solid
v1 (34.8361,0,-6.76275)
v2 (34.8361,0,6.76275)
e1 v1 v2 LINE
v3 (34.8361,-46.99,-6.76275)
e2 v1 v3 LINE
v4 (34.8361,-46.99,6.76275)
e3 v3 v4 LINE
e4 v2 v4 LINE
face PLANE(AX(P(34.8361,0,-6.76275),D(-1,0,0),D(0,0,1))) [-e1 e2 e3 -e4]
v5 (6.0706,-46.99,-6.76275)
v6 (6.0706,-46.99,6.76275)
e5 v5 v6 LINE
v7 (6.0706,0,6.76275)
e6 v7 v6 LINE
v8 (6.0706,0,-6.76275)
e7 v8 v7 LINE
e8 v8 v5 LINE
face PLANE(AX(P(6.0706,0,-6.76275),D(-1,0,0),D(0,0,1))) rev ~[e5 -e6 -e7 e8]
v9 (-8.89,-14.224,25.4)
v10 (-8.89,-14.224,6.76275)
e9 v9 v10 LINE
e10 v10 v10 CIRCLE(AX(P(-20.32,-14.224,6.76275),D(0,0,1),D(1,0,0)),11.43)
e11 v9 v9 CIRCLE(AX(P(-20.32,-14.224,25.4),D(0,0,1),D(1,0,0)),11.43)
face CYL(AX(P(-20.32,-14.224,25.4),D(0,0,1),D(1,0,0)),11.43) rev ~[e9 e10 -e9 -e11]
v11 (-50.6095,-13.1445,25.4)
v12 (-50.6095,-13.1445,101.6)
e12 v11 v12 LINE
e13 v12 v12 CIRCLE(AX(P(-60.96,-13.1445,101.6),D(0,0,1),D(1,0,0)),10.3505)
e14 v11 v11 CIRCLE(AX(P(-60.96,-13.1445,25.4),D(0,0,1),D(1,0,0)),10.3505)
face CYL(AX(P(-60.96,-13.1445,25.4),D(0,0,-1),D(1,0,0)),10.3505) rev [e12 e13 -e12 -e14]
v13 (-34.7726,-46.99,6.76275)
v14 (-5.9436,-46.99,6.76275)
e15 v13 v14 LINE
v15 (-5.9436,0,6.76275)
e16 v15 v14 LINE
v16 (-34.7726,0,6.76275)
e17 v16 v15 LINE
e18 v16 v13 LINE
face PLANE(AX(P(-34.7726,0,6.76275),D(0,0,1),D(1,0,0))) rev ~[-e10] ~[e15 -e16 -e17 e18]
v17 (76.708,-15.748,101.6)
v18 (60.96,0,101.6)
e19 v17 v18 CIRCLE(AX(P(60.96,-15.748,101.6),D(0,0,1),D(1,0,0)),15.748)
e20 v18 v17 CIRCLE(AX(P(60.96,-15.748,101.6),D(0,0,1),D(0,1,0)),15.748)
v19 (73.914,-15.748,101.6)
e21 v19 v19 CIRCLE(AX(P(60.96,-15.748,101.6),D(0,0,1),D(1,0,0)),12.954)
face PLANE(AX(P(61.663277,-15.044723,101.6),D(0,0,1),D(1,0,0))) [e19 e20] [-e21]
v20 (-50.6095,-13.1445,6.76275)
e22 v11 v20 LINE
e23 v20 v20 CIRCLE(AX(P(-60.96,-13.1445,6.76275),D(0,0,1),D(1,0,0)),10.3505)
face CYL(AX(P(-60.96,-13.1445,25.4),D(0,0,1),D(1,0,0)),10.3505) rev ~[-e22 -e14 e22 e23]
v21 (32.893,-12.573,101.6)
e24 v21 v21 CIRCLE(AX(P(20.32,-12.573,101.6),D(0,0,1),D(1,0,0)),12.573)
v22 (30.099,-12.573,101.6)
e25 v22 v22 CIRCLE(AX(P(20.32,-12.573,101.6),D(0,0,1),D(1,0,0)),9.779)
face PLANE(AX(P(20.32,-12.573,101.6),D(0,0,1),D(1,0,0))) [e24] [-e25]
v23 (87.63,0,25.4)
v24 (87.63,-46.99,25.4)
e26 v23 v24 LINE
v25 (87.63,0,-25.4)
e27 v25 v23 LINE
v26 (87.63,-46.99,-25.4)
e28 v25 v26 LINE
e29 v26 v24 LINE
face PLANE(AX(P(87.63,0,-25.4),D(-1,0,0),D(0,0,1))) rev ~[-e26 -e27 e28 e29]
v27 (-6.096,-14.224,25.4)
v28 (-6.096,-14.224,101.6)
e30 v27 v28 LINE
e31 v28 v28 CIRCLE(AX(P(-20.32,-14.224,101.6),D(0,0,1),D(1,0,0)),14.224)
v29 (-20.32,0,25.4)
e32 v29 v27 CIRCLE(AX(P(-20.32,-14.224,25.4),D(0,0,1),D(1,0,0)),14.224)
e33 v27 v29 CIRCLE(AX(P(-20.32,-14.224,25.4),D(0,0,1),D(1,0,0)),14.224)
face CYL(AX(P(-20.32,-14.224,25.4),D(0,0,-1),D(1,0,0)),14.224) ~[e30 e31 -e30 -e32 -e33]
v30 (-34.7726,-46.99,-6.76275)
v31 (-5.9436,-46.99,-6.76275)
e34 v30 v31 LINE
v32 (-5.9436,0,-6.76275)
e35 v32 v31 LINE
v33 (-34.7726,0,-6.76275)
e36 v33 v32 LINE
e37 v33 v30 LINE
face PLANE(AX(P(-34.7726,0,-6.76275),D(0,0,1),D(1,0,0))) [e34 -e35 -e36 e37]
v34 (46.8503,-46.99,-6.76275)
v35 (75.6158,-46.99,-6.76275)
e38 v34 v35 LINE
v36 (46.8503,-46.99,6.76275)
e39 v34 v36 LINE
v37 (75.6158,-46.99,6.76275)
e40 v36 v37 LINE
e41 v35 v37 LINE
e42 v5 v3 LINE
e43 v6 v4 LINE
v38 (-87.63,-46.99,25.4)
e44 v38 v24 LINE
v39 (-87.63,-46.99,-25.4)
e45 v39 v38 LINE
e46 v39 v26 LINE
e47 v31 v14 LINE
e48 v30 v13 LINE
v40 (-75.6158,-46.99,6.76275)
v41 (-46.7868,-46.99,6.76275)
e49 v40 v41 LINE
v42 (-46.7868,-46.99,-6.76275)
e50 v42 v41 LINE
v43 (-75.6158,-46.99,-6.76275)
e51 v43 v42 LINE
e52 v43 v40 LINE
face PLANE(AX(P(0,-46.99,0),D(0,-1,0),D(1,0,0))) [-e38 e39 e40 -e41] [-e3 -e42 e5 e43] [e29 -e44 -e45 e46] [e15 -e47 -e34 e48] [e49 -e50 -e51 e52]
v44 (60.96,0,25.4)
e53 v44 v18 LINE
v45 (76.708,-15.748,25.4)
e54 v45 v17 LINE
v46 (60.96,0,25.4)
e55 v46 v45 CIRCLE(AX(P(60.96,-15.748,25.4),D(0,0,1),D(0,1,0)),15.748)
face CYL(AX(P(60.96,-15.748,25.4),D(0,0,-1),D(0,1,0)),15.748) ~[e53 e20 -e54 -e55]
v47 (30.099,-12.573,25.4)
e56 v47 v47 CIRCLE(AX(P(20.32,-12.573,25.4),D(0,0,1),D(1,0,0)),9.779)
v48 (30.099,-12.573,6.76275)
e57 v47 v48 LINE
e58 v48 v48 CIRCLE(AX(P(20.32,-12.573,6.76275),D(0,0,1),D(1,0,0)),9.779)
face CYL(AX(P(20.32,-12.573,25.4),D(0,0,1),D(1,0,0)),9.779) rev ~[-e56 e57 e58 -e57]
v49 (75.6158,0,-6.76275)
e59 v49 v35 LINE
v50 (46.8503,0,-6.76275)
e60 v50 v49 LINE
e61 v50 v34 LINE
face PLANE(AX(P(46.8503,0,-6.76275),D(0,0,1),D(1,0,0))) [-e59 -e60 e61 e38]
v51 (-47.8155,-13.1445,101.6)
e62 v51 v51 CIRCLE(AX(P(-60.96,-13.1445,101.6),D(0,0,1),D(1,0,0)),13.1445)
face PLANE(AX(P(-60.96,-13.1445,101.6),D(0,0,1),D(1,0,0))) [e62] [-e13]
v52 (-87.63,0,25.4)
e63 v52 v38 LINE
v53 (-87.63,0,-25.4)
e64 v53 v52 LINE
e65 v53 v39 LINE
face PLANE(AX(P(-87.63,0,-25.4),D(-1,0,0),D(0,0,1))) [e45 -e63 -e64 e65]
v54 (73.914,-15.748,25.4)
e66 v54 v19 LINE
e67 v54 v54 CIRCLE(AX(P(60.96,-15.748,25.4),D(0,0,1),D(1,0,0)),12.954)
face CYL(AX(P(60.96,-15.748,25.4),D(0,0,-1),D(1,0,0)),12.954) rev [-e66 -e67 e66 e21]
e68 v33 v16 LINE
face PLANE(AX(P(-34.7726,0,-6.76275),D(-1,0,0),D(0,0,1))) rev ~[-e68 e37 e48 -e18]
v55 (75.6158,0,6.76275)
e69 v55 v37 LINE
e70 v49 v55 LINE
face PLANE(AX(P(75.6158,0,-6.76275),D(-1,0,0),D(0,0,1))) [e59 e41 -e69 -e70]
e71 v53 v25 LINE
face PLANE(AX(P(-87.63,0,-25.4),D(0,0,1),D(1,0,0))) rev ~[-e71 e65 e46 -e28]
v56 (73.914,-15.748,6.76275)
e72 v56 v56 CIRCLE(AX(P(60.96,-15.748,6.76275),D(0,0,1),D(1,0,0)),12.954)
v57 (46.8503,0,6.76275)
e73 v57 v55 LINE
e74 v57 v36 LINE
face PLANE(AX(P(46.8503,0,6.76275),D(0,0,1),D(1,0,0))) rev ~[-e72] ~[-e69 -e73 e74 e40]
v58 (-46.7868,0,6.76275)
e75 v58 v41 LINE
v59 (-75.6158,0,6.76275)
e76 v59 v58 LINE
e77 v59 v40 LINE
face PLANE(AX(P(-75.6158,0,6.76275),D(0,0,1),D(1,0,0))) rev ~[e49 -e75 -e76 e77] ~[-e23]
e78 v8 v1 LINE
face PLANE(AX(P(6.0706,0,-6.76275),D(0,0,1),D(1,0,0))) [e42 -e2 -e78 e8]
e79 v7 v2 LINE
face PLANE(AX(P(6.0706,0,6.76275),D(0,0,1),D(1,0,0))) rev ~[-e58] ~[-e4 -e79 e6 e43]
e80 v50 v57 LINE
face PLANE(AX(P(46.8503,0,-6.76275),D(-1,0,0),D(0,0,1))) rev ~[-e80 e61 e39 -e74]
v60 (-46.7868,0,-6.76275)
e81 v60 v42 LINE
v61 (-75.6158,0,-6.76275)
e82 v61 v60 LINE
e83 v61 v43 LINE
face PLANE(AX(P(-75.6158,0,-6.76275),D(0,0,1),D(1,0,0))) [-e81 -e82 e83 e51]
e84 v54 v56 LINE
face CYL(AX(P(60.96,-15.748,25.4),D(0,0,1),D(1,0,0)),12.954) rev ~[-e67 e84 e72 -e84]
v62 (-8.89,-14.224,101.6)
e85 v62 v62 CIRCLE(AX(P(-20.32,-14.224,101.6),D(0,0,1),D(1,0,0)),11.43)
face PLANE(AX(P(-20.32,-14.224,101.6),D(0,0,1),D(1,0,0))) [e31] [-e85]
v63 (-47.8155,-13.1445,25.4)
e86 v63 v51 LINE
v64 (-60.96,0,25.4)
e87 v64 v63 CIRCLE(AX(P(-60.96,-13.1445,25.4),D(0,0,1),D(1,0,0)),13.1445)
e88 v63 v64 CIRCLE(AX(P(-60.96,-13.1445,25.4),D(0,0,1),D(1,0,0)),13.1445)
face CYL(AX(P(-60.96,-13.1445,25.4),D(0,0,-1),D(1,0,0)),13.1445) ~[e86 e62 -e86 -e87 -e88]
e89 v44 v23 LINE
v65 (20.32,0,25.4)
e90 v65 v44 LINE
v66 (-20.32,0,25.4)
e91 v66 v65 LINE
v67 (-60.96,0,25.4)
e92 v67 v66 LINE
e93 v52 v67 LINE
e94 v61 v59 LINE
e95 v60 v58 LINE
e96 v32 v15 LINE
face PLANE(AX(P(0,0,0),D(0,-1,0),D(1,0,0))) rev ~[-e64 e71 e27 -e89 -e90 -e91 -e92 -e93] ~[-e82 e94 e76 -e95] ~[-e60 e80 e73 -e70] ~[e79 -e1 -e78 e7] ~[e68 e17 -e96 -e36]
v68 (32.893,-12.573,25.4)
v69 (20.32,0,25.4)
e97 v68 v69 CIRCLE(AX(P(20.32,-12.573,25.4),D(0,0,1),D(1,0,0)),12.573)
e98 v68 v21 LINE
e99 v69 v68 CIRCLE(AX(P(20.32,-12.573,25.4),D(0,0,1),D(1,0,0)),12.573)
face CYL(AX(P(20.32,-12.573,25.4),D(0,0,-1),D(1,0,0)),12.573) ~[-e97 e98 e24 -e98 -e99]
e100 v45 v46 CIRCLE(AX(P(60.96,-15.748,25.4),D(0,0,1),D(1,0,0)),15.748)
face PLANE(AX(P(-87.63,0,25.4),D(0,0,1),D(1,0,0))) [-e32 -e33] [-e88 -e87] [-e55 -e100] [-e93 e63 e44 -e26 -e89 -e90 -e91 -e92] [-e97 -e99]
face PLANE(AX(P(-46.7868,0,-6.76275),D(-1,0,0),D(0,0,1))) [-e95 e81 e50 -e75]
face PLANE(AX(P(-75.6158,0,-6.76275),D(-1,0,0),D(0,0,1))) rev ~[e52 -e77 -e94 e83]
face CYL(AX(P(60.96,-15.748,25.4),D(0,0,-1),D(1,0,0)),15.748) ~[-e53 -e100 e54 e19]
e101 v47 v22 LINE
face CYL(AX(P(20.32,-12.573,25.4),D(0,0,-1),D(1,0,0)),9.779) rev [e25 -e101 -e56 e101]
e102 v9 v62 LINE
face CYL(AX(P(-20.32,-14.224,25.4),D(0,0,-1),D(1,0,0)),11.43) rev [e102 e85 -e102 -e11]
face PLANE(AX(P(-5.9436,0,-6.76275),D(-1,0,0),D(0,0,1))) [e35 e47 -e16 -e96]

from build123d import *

# Parameters (mm, degrees)
F0_W      = 175.26
F0_H      = 50.8
F0_W_2    = 28.829
F0_H_2    = 13.5255
F0_W_3    = 28.7655
F1_DEPTH  = 46.99
F2_R      = 12.954
F3_DEPTH  = 76.2
F4_DEPTH  = 25.4
F5_R      = 12.573
F5_R_2    = 9.779
F6_DEPTH  = 76.2
F7_DEPTH  = 25.4
F8_R      = 11.43
F9_DEPTH  = 76.2
F10_DEPTH = 25.4
F11_R     = 13.1445
F11_R_2   = 10.3505
F12_DEPTH = 76.2
F13_DEPTH = 25.4


with BuildPart() as f1:
    # F0 (on Front) → F1 (new body)
    with BuildSketch(Plane.XZ):
        Rectangle(F0_W, F0_H)
        with Locations((-61.2013, 0)):
            Rectangle(F0_W_2, F0_H_2, mode=Mode.SUBTRACT)
        with Locations((-20.3581, 0)):
            Rectangle(F0_W_2, F0_H_2, mode=Mode.SUBTRACT)
        with Locations((20.45335, 0)):
            Rectangle(F0_W_3, F0_H_2, mode=Mode.SUBTRACT)
        with Locations((61.23305, 0)):
            Rectangle(F0_W_3, F0_H_2, mode=Mode.SUBTRACT)
    extrude(amount=F1_DEPTH)

    # F2 (on face) → F3 (join)
    with BuildSketch(Plane.XY.offset(25.4)):
        with BuildLine():
            ThreePointArc((60.96, 0), (49.8244824099, -26.8835175901), (76.708, -15.748))
            ThreePointArc((76.708, -15.748), (72.0955175901, -4.6124824099), (60.96, 0))
        make_face()
        with Locations((60.96, -15.748)):
            Circle(F2_R, mode=Mode.SUBTRACT)
    extrude(amount=F3_DEPTH)

    # F4 (cut): a face of the model
    f4_faces = [f1.faces().sort_by_distance(p)[0] for p in [
        (60.96, -15.748, 25.4),
    ]]
    extrude(f4_faces, amount=-F4_DEPTH, mode=Mode.SUBTRACT)

    # F5 (on face) → F6 (join)
    with BuildSketch(Plane.XY.offset(25.4)):
        with Locations((20.32, -12.573)):
            Circle(F5_R)
        with Locations((20.32, -12.573)):
            Circle(F5_R_2, mode=Mode.SUBTRACT)
    extrude(amount=F6_DEPTH)

    # F7 (cut): a face of the model
    f7_faces = [f1.faces().sort_by_distance(p)[0] for p in [
        (20.32, -12.573, 25.4),
    ]]
    extrude(f7_faces, amount=-F7_DEPTH, mode=Mode.SUBTRACT)

    # F8 (on face) → F9 (join)
    with BuildSketch(Plane.XY.offset(25.4)):
        with BuildLine():
            ThreePointArc((-20.319999941, 0), (-30.3778868765, -24.2818868347), (-6.096, -14.224))
            ThreePointArc((-6.096, -14.224), (-10.2621131235, -4.1661131653), (-20.319999941, 0))
        make_face()
        with Locations((-20.32, -14.224)):
            Circle(F8_R, mode=Mode.SUBTRACT)
    extrude(amount=F9_DEPTH)

    # F10 (cut): a face of the model
    f10_faces = [f1.faces().sort_by_distance(p)[0] for p in [
        (-20.32, -14.224, 25.4),
    ]]
    extrude(f10_faces, amount=-F10_DEPTH, mode=Mode.SUBTRACT)

    # F11 (on face) → F12 (join)
    with BuildSketch(Plane.XY.offset(25.4)):
        with Locations((-60.96, -13.1445)):
            Circle(F11_R)
        with Locations((-60.96, -13.1445)):
            Circle(F11_R_2, mode=Mode.SUBTRACT)
    extrude(amount=F12_DEPTH)

    # F13 (cut): a face of the model
    f13_faces = [f1.faces().sort_by_distance(p)[0] for p in [
        (-60.96, -13.1445, 25.4),
    ]]
    extrude(f13_faces, amount=-F13_DEPTH, mode=Mode.SUBTRACT)


solid = f1.part
